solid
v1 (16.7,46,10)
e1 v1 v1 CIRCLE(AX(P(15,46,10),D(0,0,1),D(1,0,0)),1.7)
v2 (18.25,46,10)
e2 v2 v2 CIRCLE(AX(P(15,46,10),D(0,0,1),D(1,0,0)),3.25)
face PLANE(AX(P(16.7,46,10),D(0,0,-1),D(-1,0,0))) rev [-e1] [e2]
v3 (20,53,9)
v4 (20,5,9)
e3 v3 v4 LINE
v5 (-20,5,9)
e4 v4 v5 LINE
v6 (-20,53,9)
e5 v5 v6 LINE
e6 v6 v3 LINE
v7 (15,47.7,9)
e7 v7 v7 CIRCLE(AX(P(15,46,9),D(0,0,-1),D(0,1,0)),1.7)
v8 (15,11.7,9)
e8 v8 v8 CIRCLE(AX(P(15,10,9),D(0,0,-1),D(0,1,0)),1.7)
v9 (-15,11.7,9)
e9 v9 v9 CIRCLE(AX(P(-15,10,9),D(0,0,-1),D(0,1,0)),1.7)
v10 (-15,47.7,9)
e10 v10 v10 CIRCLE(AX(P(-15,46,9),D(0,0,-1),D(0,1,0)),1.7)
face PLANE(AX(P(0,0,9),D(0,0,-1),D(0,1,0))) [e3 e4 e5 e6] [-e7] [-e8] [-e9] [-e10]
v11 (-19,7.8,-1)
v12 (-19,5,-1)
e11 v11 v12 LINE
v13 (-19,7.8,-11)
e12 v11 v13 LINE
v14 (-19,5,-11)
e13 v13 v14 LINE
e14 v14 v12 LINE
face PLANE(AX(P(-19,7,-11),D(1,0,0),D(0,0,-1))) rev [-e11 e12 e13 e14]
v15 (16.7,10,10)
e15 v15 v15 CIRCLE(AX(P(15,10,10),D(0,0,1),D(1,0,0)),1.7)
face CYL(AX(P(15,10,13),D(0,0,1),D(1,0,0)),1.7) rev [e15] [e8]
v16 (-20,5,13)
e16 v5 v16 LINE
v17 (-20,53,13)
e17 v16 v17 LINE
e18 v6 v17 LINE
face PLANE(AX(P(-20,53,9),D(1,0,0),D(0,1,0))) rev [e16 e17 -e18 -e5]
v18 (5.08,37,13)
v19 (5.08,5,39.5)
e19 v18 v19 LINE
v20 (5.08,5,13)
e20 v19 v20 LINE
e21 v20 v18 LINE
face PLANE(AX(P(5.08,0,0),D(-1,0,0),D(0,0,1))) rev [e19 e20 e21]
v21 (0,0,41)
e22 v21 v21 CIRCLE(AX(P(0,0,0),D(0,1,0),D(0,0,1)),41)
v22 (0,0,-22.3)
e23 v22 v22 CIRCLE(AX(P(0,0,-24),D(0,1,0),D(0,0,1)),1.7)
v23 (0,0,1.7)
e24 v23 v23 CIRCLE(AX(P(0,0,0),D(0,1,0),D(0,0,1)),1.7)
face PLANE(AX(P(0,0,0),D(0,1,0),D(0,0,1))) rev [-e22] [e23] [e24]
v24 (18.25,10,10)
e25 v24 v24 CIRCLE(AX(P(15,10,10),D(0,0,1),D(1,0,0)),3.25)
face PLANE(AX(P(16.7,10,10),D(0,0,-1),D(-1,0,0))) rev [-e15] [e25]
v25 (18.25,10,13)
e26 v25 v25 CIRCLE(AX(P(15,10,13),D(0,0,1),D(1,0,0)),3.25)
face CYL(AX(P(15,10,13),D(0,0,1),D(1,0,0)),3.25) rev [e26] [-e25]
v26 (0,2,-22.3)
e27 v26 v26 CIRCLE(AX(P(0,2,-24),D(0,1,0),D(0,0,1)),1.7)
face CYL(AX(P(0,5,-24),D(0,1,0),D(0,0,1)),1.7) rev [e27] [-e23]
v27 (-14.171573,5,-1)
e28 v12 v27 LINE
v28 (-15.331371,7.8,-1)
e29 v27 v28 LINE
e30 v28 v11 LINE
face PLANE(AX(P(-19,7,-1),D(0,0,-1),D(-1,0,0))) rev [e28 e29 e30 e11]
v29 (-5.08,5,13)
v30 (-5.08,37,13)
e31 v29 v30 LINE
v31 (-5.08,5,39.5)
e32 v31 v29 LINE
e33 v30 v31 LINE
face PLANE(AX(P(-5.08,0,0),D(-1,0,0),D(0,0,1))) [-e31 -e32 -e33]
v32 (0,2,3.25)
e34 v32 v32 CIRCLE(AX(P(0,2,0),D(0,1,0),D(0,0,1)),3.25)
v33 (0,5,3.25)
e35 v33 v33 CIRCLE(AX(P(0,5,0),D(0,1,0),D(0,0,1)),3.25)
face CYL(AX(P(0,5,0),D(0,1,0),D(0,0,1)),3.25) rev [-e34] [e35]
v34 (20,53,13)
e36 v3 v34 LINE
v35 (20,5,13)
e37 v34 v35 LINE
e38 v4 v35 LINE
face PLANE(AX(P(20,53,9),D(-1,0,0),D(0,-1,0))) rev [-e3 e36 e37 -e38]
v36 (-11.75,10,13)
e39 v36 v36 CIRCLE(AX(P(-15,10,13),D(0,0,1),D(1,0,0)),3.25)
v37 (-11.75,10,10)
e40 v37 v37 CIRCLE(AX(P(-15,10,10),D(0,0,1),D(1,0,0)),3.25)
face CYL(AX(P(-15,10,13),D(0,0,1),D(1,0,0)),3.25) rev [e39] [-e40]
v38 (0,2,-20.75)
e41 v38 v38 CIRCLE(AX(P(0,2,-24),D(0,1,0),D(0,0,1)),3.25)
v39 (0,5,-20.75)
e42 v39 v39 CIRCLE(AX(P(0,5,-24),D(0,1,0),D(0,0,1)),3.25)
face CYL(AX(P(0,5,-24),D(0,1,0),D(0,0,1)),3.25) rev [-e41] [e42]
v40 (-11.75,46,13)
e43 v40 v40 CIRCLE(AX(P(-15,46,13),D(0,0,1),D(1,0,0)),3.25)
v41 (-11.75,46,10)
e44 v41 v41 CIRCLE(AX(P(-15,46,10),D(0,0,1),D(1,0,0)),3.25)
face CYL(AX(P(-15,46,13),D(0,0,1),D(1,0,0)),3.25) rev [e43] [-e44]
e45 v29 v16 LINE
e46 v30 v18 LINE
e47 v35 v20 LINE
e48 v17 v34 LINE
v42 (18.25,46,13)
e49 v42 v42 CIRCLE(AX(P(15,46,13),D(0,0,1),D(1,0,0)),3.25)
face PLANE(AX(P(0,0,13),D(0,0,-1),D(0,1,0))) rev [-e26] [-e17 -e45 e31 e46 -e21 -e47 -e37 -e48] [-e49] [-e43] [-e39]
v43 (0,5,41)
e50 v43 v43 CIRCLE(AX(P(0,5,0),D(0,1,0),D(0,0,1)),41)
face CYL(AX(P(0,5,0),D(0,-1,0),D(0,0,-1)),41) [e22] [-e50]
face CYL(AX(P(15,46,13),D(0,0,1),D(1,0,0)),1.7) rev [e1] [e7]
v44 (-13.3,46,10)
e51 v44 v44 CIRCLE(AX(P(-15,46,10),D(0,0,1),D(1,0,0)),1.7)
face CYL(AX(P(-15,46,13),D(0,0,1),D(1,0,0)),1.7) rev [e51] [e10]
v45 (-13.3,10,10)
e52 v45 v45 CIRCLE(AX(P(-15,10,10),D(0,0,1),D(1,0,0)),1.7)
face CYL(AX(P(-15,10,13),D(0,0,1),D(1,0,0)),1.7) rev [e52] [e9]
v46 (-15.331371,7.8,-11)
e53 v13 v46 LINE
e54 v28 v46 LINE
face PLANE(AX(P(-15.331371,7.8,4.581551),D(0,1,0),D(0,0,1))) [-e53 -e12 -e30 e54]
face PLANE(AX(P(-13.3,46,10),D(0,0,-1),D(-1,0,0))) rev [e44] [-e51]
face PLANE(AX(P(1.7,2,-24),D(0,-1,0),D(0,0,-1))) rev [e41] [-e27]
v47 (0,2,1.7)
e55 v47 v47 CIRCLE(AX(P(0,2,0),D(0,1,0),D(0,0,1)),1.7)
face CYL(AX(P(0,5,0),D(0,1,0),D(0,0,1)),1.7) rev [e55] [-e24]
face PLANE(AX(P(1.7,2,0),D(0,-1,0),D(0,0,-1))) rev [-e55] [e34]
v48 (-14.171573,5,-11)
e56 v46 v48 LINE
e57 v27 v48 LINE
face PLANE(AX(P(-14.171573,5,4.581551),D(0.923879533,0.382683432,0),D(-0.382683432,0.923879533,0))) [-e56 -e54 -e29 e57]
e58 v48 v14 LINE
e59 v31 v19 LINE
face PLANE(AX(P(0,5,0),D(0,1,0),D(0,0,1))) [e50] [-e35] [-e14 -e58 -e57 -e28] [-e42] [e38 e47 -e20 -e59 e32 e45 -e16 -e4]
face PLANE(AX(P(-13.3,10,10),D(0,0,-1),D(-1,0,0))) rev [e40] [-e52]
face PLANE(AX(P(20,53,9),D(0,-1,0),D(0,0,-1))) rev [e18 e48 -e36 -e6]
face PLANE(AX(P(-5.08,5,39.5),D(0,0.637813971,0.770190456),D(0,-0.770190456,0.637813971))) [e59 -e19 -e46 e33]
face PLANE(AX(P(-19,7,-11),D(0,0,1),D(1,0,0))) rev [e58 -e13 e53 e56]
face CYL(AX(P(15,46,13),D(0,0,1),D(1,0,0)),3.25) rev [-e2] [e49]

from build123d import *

# Parameters (mm, degrees)
SKETCH1_R                                    = 41
BOSS_EXTRUDE1_DEPTH                          = 5
BOSS_EXTRUDE2_DEPTH                          = 5.08
BOSS_EXTRUDE2_DEPTH_BACK                     = 5.08
SKETCH7_W                                    = 40
SKETCH7_H                                    = 48
BOSS_EXTRUDE3_DEPTH                          = 4
CBORE_FOR_M5_HEX_HEAD_CAP_SCREW5_D           = 3.4
CBORE_FOR_M5_HEX_HEAD_CAP_SCREW5_DEPTH       = 5.5
CBORE_FOR_M5_HEX_HEAD_CAP_SCREW5_CBORE_D     = 6.5
CBORE_FOR_M5_HEX_HEAD_CAP_SCREW5_CBORE_DEPTH = 3
CBORE_FOR_M5_HEX_HEAD_CAP_SCREW5_TIP         = 1.021463052
SKETCH22_W                                   = 4
SKETCH22_H                                   = 10
BOSS_EXTRUDE4_DEPTH                          = 2
BOSS_EXTRUDE5_DEPTH                          = 10
CBORE_FOR_M5_HEX_HEAD_CAP_SCREW6_D           = 3.4
CBORE_FOR_M5_HEX_HEAD_CAP_SCREW6_DEPTH       = 5.5
CBORE_FOR_M5_HEX_HEAD_CAP_SCREW6_CBORE_D     = 6.5
CBORE_FOR_M5_HEX_HEAD_CAP_SCREW6_CBORE_DEPTH = 3
CBORE_FOR_M5_HEX_HEAD_CAP_SCREW6_TIP         = 1.021463052


with BuildPart() as part:
    # Sketch1 → Boss-Extrude1 (new body)
    with BuildSketch(Plane(origin=(0, 0, 0), x_dir=(1, 0, 0), z_dir=(0, 1, 0))):
        with Locations(Location((0, 0, 0), (0, 0, 270))):
            Circle(SKETCH1_R)
    extrude(amount=BOSS_EXTRUDE1_DEPTH)

    # Sketch6 → Boss-Extrude2 (add, two sides: drawn at the far end of the back side and taken through both)
    with BuildSketch(Plane(origin=(0, 0, 0), x_dir=(0, 0, -1), z_dir=(1, 0, 0)).offset(-BOSS_EXTRUDE2_DEPTH_BACK)):
        Polygon((-13, 5), (-39.5, 5), (-13, 37), align=None)
    extrude(amount=BOSS_EXTRUDE2_DEPTH + BOSS_EXTRUDE2_DEPTH_BACK)

    # Sketch7 → Boss-Extrude3 (add)
    with BuildSketch(Plane(origin=(0, 0, 13), x_dir=(-1, 0, 0), z_dir=(0, 0, -1))):
        with Locations((0, 29)):
            Rectangle(SKETCH7_W, SKETCH7_H)
    extrude(amount=BOSS_EXTRUDE3_DEPTH)

    # CBORE for M5 Hex Head Cap Screw5
    with Locations(Plane(origin=(0, 5, 0), x_dir=(1, 0, 0), z_dir=(0, 1, 0))):
        with Locations((0, 0), (0, 24)):
            CounterBoreHole(CBORE_FOR_M5_HEX_HEAD_CAP_SCREW5_D / 2, CBORE_FOR_M5_HEX_HEAD_CAP_SCREW5_CBORE_D / 2, CBORE_FOR_M5_HEX_HEAD_CAP_SCREW5_CBORE_DEPTH, depth=CBORE_FOR_M5_HEX_HEAD_CAP_SCREW5_DEPTH)
            with Locations((0, 0, -(CBORE_FOR_M5_HEX_HEAD_CAP_SCREW5_DEPTH + CBORE_FOR_M5_HEX_HEAD_CAP_SCREW5_TIP / 2))):  # 118° drill point
                Cone(0, CBORE_FOR_M5_HEX_HEAD_CAP_SCREW5_D / 2, CBORE_FOR_M5_HEX_HEAD_CAP_SCREW5_TIP, mode=Mode.SUBTRACT)

    # Sketch22 → Boss-Extrude4 (add)
    with BuildSketch(Plane(origin=(0, 5, 0), x_dir=(1, 0, 0), z_dir=(0, 1, 0))):
        with Locations((-17, 6)):
            Rectangle(SKETCH22_W, SKETCH22_H)
    extrude(amount=BOSS_EXTRUDE4_DEPTH)

    # Sketch23 → Boss-Extrude5 (add)
    with BuildSketch(Plane(origin=(0, 0, -11), x_dir=(-1, 0, 0), z_dir=(0, 0, -1))):
        Polygon((14.171572875, 5), (15.33137085, 7.8), (19, 7.8), (19, 5), align=None)
    extrude(amount=-BOSS_EXTRUDE5_DEPTH)

    # CBORE for M5 Hex Head Cap Screw6
    with Locations(Plane.XY.offset(13)):
        with Locations((15, 10), (-15, 10), (-15, 46), (15, 46)):
            CounterBoreHole(CBORE_FOR_M5_HEX_HEAD_CAP_SCREW6_D / 2, CBORE_FOR_M5_HEX_HEAD_CAP_SCREW6_CBORE_D / 2, CBORE_FOR_M5_HEX_HEAD_CAP_SCREW6_CBORE_DEPTH, depth=CBORE_FOR_M5_HEX_HEAD_CAP_SCREW6_DEPTH)
            with Locations((0, 0, -(CBORE_FOR_M5_HEX_HEAD_CAP_SCREW6_DEPTH + CBORE_FOR_M5_HEX_HEAD_CAP_SCREW6_TIP / 2))):  # 118° drill point
                Cone(0, CBORE_FOR_M5_HEX_HEAD_CAP_SCREW6_D / 2, CBORE_FOR_M5_HEX_HEAD_CAP_SCREW6_TIP, mode=Mode.SUBTRACT)


solid = part.part
